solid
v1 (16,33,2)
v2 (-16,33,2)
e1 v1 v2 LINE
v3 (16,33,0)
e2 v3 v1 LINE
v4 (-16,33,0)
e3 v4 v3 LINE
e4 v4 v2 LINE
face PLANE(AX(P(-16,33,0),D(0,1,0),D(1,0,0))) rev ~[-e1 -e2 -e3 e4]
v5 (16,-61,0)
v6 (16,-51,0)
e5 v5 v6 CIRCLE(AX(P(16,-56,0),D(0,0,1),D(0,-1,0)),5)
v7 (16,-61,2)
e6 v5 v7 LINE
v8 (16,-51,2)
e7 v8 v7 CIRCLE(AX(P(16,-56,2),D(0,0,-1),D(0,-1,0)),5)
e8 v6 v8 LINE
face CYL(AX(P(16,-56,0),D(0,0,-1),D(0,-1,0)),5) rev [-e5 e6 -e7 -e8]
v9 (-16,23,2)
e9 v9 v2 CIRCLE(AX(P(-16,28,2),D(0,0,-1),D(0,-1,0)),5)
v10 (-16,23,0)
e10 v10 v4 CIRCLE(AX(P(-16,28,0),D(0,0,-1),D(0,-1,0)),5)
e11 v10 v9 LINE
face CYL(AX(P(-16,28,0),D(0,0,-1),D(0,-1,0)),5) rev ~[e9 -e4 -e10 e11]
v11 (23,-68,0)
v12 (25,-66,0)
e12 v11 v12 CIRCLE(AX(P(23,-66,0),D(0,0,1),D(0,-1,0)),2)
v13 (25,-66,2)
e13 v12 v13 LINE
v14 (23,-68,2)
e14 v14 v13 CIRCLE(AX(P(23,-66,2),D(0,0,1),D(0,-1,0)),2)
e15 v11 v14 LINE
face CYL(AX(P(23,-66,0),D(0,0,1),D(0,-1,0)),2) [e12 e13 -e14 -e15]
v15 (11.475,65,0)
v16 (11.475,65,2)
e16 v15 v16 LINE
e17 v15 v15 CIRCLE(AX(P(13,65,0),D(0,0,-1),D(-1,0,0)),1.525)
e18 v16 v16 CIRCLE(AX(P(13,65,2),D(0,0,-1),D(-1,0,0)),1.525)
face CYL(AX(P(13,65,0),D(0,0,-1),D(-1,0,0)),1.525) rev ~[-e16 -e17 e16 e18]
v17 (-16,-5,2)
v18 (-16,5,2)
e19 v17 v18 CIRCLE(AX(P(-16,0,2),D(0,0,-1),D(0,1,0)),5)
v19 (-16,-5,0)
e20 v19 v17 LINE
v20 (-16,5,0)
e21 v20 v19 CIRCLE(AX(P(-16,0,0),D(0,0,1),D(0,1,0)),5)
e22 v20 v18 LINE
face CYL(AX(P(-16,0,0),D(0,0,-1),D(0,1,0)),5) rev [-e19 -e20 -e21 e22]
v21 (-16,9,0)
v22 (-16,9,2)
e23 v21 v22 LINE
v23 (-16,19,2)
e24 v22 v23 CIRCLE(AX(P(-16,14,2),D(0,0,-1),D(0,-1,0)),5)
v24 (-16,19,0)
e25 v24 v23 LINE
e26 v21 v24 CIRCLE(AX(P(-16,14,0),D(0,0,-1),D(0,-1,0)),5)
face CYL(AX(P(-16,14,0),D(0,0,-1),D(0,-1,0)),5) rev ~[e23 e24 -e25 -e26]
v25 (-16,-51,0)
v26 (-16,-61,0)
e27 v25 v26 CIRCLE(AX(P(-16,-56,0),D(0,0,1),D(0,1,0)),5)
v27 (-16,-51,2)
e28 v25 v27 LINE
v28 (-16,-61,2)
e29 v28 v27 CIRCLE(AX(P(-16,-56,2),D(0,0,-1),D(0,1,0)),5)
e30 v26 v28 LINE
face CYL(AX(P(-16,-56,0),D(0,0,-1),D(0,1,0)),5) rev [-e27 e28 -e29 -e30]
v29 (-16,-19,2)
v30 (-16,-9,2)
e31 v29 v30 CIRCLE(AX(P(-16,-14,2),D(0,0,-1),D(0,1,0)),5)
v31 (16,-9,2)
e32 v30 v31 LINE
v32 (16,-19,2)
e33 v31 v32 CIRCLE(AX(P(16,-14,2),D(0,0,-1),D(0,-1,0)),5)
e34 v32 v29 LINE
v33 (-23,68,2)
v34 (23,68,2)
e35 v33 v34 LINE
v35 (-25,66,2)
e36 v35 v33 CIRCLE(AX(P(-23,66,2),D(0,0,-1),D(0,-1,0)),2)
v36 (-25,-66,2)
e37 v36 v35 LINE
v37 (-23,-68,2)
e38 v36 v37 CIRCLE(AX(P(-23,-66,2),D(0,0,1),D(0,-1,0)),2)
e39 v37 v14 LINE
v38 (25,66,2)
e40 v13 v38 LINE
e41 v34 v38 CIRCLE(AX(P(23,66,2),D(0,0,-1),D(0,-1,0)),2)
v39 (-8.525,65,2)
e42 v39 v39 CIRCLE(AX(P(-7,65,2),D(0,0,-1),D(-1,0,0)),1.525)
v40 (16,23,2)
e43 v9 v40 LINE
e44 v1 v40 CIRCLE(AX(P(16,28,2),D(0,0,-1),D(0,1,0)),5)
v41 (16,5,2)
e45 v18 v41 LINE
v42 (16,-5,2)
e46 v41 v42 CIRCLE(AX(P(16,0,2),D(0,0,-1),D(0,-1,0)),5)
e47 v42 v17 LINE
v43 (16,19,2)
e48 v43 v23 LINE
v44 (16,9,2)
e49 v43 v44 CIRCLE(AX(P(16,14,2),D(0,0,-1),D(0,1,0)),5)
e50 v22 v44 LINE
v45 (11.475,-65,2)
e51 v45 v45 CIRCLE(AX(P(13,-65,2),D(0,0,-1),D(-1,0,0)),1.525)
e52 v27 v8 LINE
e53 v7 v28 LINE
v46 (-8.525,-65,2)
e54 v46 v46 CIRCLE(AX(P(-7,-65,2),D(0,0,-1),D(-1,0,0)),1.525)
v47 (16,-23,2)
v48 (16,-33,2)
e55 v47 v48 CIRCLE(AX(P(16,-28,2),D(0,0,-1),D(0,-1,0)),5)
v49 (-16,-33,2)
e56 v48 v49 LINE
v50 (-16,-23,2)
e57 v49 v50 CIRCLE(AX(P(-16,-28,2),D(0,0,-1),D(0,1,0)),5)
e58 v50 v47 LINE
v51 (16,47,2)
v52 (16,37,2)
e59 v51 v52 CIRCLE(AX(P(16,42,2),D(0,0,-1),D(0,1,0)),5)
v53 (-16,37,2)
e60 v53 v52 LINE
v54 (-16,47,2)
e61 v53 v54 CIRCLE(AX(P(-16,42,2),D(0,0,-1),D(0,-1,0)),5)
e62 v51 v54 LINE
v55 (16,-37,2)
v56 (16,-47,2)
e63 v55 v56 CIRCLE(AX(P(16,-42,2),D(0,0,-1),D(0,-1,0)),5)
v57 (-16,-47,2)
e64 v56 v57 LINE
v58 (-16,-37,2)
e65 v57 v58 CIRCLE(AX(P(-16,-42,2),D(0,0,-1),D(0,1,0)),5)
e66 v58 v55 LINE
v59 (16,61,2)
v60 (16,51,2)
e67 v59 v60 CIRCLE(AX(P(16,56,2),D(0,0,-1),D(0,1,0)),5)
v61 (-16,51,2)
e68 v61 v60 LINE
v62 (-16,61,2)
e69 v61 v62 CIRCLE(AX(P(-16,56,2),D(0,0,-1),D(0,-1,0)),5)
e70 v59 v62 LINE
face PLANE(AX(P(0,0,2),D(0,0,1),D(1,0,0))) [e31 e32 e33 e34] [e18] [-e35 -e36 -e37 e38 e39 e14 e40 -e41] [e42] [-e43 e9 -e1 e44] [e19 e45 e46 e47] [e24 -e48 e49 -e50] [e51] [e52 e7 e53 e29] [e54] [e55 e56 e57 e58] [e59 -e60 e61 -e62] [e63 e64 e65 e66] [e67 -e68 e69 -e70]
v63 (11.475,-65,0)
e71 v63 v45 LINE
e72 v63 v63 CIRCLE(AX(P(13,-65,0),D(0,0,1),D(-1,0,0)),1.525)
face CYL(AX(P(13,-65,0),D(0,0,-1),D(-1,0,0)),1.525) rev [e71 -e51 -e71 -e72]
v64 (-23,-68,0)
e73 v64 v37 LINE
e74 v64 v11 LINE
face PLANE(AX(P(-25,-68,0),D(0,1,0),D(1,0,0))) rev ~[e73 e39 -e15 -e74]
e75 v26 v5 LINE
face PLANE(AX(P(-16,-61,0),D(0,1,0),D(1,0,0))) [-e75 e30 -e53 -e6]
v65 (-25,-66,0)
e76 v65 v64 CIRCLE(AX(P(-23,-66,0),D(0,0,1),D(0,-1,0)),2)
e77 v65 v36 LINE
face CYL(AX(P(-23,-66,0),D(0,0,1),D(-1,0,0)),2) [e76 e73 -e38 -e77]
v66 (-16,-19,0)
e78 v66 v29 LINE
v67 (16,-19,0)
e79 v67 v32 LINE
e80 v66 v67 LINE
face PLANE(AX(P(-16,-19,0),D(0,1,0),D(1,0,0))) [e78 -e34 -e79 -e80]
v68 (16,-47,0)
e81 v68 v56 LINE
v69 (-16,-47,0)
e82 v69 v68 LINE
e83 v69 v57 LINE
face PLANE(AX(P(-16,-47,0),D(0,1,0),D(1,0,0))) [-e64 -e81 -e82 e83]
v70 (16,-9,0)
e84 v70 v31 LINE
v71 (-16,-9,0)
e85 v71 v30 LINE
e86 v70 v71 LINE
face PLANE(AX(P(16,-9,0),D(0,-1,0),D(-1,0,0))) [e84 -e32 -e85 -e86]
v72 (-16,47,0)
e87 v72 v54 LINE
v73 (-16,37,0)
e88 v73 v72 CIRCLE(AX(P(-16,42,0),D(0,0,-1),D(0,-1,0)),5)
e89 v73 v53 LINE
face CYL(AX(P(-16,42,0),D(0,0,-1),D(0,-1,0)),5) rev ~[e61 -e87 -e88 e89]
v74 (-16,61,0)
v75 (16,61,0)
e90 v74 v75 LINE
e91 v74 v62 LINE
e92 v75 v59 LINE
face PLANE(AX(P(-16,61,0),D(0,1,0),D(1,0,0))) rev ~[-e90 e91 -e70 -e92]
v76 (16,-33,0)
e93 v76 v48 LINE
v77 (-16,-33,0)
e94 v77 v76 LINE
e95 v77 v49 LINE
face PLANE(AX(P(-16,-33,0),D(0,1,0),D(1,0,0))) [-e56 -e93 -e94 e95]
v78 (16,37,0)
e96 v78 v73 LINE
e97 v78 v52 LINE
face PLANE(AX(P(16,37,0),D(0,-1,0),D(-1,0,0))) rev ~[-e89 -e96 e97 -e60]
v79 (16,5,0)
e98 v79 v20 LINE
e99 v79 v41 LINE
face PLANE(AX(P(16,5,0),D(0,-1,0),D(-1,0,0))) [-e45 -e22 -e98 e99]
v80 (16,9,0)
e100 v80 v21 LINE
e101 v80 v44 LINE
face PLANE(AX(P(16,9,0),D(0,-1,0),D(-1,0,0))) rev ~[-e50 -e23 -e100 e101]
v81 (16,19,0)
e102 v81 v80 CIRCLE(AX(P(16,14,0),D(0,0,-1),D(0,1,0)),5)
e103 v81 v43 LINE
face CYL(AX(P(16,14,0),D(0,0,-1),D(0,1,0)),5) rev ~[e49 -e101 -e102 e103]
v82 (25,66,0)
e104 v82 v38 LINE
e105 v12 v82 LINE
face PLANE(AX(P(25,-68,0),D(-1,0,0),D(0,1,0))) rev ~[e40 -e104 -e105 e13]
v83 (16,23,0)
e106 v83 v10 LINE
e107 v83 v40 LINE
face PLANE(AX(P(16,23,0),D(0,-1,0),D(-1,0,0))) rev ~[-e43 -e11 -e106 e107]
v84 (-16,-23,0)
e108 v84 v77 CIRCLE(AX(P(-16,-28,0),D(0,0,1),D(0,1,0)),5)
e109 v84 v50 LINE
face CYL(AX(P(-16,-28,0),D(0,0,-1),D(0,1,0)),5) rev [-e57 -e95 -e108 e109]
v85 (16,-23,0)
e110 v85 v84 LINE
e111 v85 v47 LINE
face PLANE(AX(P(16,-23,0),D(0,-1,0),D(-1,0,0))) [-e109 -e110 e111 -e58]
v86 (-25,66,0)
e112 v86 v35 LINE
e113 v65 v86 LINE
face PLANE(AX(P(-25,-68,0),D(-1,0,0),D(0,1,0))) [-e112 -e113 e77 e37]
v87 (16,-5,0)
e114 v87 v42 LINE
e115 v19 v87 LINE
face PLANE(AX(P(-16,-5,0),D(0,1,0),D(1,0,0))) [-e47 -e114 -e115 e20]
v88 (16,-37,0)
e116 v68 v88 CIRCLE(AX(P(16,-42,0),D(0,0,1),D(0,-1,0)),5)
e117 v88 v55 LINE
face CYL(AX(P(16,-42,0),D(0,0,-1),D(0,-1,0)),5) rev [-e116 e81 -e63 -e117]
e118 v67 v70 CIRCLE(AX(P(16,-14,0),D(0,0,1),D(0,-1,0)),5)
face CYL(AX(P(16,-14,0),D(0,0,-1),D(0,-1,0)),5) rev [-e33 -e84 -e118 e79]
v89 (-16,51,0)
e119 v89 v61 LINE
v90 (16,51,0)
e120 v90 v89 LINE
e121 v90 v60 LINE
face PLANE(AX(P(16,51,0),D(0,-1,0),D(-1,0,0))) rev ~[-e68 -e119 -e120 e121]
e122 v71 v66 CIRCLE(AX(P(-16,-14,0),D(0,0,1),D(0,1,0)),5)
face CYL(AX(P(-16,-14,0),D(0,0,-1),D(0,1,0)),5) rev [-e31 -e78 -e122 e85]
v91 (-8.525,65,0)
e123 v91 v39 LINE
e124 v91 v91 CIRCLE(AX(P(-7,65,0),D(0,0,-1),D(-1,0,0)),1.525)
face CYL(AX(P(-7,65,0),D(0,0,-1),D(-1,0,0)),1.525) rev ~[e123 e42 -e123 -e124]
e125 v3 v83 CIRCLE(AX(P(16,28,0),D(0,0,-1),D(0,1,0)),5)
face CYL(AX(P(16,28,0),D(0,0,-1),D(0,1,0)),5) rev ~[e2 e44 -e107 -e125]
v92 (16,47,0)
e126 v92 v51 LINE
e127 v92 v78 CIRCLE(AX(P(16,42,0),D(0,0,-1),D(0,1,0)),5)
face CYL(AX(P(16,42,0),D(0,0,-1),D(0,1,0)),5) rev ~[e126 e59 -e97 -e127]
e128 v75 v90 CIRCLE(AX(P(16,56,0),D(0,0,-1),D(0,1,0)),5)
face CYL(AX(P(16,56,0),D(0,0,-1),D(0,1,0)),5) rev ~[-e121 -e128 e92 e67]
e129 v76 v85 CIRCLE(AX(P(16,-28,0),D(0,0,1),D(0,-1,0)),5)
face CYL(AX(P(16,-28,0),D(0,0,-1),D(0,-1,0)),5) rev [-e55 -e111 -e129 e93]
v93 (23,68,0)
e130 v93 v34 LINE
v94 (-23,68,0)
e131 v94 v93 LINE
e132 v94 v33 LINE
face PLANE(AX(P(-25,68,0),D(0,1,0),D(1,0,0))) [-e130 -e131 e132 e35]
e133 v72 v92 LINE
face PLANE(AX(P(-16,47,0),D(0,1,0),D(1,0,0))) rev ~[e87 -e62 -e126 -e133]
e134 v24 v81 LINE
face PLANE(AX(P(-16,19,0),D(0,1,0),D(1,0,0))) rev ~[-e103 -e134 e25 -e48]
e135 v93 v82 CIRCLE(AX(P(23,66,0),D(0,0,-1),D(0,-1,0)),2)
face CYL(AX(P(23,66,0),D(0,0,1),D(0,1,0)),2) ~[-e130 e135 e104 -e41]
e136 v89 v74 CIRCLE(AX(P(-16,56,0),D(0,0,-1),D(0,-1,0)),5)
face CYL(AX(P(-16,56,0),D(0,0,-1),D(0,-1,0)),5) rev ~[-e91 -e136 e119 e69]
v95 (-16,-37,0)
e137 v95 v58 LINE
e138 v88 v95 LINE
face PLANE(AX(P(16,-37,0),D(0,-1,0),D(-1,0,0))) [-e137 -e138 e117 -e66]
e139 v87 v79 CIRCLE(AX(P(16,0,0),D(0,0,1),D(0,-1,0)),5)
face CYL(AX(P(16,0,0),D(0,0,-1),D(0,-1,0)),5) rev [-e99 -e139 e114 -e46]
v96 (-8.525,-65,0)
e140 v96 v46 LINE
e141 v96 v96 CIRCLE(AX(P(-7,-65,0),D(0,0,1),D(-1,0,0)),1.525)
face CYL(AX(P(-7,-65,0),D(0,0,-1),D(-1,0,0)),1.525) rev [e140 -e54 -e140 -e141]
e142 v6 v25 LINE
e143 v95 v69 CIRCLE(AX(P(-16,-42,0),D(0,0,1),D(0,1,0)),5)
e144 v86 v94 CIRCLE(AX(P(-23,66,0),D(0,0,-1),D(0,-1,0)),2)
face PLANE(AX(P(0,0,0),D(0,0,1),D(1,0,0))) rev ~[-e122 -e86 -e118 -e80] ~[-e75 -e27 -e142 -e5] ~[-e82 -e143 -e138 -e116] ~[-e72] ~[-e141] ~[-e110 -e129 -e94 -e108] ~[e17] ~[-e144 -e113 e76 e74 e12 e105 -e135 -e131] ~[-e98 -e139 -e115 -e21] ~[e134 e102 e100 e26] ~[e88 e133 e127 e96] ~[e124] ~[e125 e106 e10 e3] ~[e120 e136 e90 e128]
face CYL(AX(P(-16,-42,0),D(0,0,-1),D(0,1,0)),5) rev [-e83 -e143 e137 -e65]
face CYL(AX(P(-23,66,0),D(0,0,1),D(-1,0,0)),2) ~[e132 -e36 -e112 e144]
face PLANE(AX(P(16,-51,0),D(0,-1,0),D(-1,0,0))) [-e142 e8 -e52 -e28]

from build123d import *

# Parameters (mm, degrees)
SKETCH_1_W             = 50
SKETCH_1_H             = 136
EXTRUDE_1_DEPTH        = 2
SKETCH_3_R             = 1.525
CUT_EXTRUDE_1_DEPTH    = 10
CUT_EXTRUDE_2_DEPTH    = 22
PATTERN_LINEAR_1_COUNT = 5
PATTERN_LINEAR_1_PITCH = 14
MIRROR_2_COPY_1_DEPTH  = 22
MIRROR_2_COPY_2_DEPTH  = 22
MIRROR_2_COPY_3_DEPTH  = 22
MIRROR_2_COPY_4_DEPTH  = 22
MIRROR_2_COPY_5_DEPTH  = 22
FILLET_1_R             = 2


with BuildPart() as part:
    # 草图1 → 凸台-拉伸1 (new body)
    with BuildSketch(Plane.XY):
        Rectangle(SKETCH_1_W, SKETCH_1_H)
    extrude(amount=EXTRUDE_1_DEPTH)

    # 草图3 → 切除-拉伸1 (cut)
    with BuildSketch(Plane(origin=(0, 0, 0), x_dir=(-1, 0, 0), z_dir=(0, 0, -1))):
        with Locations((-13, 65)):
            Circle(SKETCH_3_R)
        with Locations((7, 65)):
            Circle(SKETCH_3_R)
    cut_extrude_1 = extrude(amount=-CUT_EXTRUDE_1_DEPTH, mode=Mode.SUBTRACT)

    # 镜向1: 切除-拉伸1 across plane
    add(cut_extrude_1.mirror(Plane.ZX), mode=Mode.SUBTRACT)

    # 草图4 → 切除-拉伸2 (cut)
    with BuildSketch(Plane(origin=(0, 0, 0), x_dir=(-1, 0, 0), z_dir=(0, 0, -1))):
        with BuildLine():
            Line((16, -5), (-16, -5))
            ThreePointArc((-16, -5), (-21, 0), (-16, 5))
            Line((-16, 5), (16, 5))
            ThreePointArc((16, 5), (21, 0), (16, -5))
        make_face()
    cut_extrude_2 = extrude(amount=-CUT_EXTRUDE_2_DEPTH, mode=Mode.SUBTRACT)

    # 阵列(线性)1: 切除-拉伸2 ×5
    with Locations(*[(0, -i * PATTERN_LINEAR_1_PITCH, 0) for i in range(1, PATTERN_LINEAR_1_COUNT)]):
        add(cut_extrude_2, mode=Mode.SUBTRACT)

    # 镜向2 copy 1 sketch → 镜向2 copy 1 (cut)
    with BuildSketch(Plane(origin=(0, 14, 0), x_dir=(-1, 0, 0), z_dir=(0, 0, -1))):
        with BuildLine():
            Line((16, 5), (-16, 5))
            ThreePointArc((-16, 5), (-21, 0), (-16, -5))
            Line((-16, -5), (16, -5))
            ThreePointArc((16, -5), (21, 0), (16, 5))
        make_face()
    extrude(amount=-MIRROR_2_COPY_1_DEPTH, mode=Mode.SUBTRACT)

    # 镜向2 copy 2 sketch → 镜向2 copy 2 (cut)
    with BuildSketch(Plane(origin=(0, 28, 0), x_dir=(-1, 0, 0), z_dir=(0, 0, -1))):
        with BuildLine():
            Line((16, 5), (-16, 5))
            ThreePointArc((-16, 5), (-21, 0), (-16, -5))
            Line((-16, -5), (16, -5))
            ThreePointArc((16, -5), (21, 0), (16, 5))
        make_face()
    extrude(amount=-MIRROR_2_COPY_2_DEPTH, mode=Mode.SUBTRACT)

    # 镜向2 copy 3 sketch → 镜向2 copy 3 (cut)
    with BuildSketch(Plane(origin=(0, 42, 0), x_dir=(-1, 0, 0), z_dir=(0, 0, -1))):
        with BuildLine():
            Line((16, 5), (-16, 5))
            ThreePointArc((-16, 5), (-21, 0), (-16, -5))
            Line((-16, -5), (16, -5))
            ThreePointArc((16, -5), (21, 0), (16, 5))
        make_face()
    extrude(amount=-MIRROR_2_COPY_3_DEPTH, mode=Mode.SUBTRACT)

    # 镜向2 copy 4 sketch → 镜向2 copy 4 (cut)
    with BuildSketch(Plane(origin=(0, 56, 0), x_dir=(-1, 0, 0), z_dir=(0, 0, -1))):
        with BuildLine():
            Line((16, 5), (-16, 5))
            ThreePointArc((-16, 5), (-21, 0), (-16, -5))
            Line((-16, -5), (16, -5))
            ThreePointArc((16, -5), (21, 0), (16, 5))
        make_face()
    extrude(amount=-MIRROR_2_COPY_4_DEPTH, mode=Mode.SUBTRACT)

    # 镜向2 copy 5 sketch → 镜向2 copy 5 (cut)
    with BuildSketch(Plane(origin=(0, 0, 0), x_dir=(-1, 0, 0), z_dir=(0, 0, -1))):
        with BuildLine():
            Line((16, 5), (-16, 5))
            ThreePointArc((-16, 5), (-21, 0), (-16, -5))
            Line((-16, -5), (16, -5))
            ThreePointArc((16, -5), (21, 0), (16, 5))
        make_face()
    extrude(amount=-MIRROR_2_COPY_5_DEPTH, mode=Mode.SUBTRACT)

    # 圆角1
    fillet_1_edges = [part.edges().sort_by_distance(p)[0] for p in [
        (25, -68, 1),
        (-25, -68, 1),
        (-25, 68, 1),
        (25, 68, 1),
    ]]
    fillet(fillet_1_edges, radius=FILLET_1_R)


solid = part.part
